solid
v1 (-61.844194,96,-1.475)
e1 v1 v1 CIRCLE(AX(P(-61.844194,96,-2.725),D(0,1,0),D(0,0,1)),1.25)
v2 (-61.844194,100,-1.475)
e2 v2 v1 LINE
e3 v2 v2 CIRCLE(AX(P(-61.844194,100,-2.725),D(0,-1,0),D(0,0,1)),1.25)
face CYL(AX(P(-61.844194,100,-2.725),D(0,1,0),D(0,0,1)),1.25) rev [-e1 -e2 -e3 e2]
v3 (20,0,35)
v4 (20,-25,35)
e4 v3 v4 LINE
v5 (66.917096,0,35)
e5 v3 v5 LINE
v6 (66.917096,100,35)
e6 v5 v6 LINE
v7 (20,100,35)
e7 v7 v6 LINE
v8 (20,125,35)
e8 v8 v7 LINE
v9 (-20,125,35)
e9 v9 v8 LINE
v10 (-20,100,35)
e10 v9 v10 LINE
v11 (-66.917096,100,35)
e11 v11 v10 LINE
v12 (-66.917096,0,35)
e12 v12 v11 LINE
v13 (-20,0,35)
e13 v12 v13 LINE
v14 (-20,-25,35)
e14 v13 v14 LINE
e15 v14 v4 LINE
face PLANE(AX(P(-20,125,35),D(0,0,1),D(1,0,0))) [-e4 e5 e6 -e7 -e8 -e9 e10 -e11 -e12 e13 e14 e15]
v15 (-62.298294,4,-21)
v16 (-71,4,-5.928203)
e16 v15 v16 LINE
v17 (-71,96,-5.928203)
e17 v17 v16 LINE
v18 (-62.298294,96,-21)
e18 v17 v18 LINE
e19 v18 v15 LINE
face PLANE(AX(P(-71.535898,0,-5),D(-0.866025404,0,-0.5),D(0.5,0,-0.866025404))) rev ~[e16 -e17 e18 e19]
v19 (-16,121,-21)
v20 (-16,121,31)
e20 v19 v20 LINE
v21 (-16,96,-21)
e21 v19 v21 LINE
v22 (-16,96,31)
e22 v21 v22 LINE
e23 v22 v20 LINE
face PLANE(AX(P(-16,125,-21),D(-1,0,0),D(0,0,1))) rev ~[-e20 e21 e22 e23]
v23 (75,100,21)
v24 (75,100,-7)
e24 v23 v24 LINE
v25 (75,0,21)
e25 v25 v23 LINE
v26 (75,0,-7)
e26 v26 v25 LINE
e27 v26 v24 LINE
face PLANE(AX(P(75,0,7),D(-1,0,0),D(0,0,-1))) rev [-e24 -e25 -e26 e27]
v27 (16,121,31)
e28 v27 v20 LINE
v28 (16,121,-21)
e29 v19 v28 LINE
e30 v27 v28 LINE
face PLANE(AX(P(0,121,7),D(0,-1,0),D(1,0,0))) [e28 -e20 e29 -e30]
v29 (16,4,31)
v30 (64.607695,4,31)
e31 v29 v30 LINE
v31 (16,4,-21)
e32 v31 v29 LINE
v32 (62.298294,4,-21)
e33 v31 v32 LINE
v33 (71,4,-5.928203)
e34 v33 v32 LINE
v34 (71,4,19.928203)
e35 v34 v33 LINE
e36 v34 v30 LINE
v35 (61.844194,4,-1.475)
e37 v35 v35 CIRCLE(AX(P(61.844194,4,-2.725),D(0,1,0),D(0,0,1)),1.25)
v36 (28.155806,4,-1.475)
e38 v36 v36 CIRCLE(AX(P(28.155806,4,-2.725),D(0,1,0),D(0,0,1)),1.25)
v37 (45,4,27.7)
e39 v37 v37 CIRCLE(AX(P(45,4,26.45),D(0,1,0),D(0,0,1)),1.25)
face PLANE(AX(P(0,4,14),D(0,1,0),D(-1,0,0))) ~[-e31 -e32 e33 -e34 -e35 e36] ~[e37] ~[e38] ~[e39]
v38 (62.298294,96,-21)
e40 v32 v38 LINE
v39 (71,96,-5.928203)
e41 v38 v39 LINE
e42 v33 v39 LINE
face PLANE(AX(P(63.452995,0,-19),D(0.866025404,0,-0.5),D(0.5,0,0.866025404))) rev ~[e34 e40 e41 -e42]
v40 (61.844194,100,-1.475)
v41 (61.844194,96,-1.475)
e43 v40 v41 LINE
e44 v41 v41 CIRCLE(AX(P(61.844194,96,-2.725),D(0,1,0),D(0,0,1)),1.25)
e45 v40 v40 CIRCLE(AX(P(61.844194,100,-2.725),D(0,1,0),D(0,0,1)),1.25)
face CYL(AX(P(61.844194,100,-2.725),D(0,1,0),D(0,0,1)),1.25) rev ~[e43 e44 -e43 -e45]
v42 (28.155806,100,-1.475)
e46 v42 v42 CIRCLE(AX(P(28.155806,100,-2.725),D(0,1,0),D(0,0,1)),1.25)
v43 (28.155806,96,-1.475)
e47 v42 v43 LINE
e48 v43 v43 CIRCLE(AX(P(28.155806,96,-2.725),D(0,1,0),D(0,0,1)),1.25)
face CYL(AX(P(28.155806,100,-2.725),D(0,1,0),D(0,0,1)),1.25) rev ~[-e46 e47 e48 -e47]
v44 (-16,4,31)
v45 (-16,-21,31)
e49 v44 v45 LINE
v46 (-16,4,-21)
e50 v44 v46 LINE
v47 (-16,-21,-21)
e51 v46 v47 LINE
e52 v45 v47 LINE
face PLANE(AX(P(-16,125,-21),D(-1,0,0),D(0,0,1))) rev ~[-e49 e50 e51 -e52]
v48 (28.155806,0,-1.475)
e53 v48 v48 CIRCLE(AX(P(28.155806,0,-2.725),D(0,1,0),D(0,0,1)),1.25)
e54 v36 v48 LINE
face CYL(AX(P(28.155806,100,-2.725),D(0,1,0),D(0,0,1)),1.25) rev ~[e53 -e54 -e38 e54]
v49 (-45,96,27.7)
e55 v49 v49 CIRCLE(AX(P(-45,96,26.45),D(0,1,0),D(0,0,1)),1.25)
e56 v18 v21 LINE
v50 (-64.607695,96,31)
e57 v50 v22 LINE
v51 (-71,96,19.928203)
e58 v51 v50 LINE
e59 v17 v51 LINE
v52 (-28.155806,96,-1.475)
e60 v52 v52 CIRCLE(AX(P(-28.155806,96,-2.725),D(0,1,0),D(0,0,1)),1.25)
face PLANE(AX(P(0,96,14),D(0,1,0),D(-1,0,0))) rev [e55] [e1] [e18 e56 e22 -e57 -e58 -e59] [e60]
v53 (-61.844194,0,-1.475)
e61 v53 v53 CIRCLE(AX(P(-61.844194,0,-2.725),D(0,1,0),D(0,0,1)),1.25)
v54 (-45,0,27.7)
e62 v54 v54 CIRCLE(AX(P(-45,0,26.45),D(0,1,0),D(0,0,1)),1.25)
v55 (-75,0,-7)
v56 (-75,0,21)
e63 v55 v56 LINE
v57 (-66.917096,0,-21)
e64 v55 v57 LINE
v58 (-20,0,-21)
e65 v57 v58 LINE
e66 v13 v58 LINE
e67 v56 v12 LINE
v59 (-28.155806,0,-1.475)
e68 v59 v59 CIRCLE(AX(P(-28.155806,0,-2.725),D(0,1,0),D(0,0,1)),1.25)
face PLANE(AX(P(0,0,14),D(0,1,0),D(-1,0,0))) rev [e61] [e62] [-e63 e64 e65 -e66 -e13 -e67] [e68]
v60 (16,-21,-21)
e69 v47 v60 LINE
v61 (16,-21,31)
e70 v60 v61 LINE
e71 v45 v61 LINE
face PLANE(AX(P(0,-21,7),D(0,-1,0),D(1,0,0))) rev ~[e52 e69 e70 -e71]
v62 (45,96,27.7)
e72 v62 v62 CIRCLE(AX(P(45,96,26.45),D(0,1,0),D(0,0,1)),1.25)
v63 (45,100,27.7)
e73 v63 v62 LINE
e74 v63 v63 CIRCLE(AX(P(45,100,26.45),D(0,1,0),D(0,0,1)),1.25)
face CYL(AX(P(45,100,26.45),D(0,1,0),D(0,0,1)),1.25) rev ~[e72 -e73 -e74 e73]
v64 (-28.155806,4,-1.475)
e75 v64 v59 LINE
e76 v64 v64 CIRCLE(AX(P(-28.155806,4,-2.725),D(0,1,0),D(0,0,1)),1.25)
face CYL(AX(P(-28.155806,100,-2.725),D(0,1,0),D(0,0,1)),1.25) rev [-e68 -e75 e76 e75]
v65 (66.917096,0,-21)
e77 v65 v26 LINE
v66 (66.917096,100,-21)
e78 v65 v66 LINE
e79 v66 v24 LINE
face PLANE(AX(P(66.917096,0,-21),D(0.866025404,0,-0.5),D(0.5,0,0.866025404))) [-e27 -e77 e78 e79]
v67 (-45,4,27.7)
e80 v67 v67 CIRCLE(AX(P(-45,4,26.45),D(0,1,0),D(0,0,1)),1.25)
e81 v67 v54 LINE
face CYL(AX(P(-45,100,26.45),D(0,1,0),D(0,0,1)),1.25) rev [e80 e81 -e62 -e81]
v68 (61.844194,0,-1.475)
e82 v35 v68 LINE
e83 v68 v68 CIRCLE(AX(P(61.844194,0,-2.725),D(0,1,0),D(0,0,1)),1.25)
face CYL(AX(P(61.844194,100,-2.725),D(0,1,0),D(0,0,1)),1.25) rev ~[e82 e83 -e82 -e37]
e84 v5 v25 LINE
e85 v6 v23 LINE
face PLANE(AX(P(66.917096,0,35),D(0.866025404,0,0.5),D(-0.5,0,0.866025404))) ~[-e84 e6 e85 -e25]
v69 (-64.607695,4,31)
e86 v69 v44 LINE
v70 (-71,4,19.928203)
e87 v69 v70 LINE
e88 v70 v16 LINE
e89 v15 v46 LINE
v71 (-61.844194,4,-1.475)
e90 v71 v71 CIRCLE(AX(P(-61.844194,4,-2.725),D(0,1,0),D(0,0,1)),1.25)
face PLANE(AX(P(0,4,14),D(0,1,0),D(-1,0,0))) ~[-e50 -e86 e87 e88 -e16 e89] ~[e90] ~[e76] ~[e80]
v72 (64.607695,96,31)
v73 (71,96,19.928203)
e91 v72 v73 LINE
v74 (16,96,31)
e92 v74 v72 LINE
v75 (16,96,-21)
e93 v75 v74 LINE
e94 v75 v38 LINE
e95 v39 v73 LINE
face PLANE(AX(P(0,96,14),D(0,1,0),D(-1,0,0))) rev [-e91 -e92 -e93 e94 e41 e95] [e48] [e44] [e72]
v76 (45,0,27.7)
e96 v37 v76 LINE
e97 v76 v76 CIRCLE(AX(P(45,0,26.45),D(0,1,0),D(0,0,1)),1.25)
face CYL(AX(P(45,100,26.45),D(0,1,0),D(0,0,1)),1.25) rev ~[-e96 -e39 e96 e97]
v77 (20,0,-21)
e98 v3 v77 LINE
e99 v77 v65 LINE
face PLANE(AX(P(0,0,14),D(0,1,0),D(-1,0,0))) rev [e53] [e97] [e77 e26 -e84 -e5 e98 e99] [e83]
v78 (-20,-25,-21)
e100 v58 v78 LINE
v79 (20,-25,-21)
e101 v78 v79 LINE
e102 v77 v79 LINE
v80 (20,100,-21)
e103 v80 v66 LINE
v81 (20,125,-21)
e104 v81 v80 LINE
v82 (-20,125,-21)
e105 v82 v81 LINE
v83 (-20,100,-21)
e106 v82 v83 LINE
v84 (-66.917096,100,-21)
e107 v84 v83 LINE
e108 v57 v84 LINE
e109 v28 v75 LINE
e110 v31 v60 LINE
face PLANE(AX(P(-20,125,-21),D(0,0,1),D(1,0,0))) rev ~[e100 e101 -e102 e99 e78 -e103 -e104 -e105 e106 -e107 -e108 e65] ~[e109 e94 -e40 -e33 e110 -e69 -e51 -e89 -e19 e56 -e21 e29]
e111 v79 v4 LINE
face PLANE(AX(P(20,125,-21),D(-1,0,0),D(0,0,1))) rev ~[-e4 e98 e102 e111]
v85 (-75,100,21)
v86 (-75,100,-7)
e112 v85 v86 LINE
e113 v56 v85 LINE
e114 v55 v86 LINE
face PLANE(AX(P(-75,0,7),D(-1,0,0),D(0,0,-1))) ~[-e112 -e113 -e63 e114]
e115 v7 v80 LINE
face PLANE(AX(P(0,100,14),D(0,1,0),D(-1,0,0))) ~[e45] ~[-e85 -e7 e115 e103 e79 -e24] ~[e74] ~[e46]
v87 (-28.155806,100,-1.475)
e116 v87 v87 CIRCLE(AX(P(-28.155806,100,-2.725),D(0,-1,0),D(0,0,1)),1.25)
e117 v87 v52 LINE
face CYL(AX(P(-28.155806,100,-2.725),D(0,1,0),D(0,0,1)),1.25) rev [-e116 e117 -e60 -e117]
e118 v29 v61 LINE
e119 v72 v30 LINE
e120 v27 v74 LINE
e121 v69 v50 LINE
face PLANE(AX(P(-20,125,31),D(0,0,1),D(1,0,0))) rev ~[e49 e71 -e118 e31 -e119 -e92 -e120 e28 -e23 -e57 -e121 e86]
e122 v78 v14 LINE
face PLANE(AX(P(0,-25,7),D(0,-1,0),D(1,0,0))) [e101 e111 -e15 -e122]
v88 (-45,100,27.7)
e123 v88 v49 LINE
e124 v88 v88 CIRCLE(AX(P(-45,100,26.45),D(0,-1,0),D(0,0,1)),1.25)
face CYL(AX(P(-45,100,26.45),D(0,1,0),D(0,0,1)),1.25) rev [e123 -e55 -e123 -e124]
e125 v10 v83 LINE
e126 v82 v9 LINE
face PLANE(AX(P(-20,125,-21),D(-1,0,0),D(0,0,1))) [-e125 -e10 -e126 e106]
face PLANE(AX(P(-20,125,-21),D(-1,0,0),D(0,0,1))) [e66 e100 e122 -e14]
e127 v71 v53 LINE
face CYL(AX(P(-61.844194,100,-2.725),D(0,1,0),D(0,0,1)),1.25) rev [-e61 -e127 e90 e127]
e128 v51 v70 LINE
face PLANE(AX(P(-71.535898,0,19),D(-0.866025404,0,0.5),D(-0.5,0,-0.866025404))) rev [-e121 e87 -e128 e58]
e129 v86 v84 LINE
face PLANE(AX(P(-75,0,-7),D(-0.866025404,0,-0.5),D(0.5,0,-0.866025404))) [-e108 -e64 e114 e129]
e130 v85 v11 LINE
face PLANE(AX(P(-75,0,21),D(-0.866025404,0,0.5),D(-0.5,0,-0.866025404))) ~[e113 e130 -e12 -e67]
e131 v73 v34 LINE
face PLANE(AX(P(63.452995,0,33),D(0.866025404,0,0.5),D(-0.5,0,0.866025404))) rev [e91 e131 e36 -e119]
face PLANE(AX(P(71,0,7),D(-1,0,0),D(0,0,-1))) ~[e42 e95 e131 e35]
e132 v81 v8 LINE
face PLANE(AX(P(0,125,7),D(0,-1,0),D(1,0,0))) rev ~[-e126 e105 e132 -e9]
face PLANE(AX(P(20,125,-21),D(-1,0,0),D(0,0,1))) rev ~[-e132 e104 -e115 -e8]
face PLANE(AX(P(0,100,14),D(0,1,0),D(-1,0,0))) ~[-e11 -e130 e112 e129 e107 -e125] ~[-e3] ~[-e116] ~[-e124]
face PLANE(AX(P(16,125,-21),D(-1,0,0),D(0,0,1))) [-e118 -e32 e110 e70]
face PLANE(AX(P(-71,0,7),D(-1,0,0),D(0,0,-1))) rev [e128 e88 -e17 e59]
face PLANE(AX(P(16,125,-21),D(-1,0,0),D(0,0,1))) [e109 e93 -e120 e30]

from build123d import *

# Parameters (mm, degrees)
ESQUISSE1_W             = 150
ESQUISSE1_H             = 14
BOSS_EXTRU_1_DEPTH      = 100
BOSS_EXTRU_2_DEPTH      = 25
BOSS_EXTRU_2_DEPTH_BACK = 125
ESQUISSE3_W             = 40
ESQUISSE3_H             = 56
COQUE1_T                = -4
ESQUISSE2_R             = 1.25
ENL_V_MAT_EXTRU_1_DEPTH = 150.916643506


with BuildPart() as part:
    # Esquisse1 → Boss.-Extru.1 (new body)
    with BuildSketch(Plane(origin=(0, 0, 0), x_dir=(1, 0, 0), z_dir=(0, 1, 0))):
        Rectangle(ESQUISSE1_W, ESQUISSE1_H)
        Polygon((66.917096231, 21), (75, 7), (-75, 7), (-66.917096231, 21), align=None)
    boss_extru_1 = extrude(amount=BOSS_EXTRU_1_DEPTH)

    # Symétrie1: Boss.-Extru.1 across plane
    add(boss_extru_1.mirror(Plane(origin=(0, 100, 7), x_dir=(1, 0, 0), z_dir=(0, 0, -1))))

    # Esquisse3 → Boss.-Extru.2 (add, two sides: drawn at the far end of the back side and taken through both)
    with BuildSketch(Plane.XZ.offset(-BOSS_EXTRU_2_DEPTH_BACK)):
        with Locations((0, 7)):
            Rectangle(ESQUISSE3_W, ESQUISSE3_H)
    extrude(amount=BOSS_EXTRU_2_DEPTH + BOSS_EXTRU_2_DEPTH_BACK)

    # Coque1
    coque1_openings = [part.faces().sort_by_distance(p)[0] for p in [
        (0, 50, -21),
    ]]
    offset(amount=COQUE1_T, openings=coque1_openings, kind=Kind.INTERSECTION)

    # Esquisse2 → Enlèv. mat.-Extru.1 (cut, through all)
    with BuildSketch(Plane(origin=(0, 100, 0), x_dir=(1, 0, 0), z_dir=(0, 1, 0))):
        with Locations(Location((45, -26.45, 0), (0, 0, 270))):
            Circle(ESQUISSE2_R)
        with Locations(Location((61.844194104, 2.725, 0), (0, 0, 270))):
            Circle(ESQUISSE2_R)
        with Locations(Location((28.155805896, 2.725, 0), (0, 0, 270))):
            Circle(ESQUISSE2_R)
    enl_v_mat_extru_1 = extrude(amount=-ENL_V_MAT_EXTRU_1_DEPTH, mode=Mode.SUBTRACT)

    # Symétrie2: Enlèv. mat.-Extru.1 across plane
    add(enl_v_mat_extru_1.mirror(Plane(origin=(0, 0, 0), x_dir=(0, 0, 1), z_dir=(1, 0, 0))), mode=Mode.SUBTRACT)


solid = part.part
